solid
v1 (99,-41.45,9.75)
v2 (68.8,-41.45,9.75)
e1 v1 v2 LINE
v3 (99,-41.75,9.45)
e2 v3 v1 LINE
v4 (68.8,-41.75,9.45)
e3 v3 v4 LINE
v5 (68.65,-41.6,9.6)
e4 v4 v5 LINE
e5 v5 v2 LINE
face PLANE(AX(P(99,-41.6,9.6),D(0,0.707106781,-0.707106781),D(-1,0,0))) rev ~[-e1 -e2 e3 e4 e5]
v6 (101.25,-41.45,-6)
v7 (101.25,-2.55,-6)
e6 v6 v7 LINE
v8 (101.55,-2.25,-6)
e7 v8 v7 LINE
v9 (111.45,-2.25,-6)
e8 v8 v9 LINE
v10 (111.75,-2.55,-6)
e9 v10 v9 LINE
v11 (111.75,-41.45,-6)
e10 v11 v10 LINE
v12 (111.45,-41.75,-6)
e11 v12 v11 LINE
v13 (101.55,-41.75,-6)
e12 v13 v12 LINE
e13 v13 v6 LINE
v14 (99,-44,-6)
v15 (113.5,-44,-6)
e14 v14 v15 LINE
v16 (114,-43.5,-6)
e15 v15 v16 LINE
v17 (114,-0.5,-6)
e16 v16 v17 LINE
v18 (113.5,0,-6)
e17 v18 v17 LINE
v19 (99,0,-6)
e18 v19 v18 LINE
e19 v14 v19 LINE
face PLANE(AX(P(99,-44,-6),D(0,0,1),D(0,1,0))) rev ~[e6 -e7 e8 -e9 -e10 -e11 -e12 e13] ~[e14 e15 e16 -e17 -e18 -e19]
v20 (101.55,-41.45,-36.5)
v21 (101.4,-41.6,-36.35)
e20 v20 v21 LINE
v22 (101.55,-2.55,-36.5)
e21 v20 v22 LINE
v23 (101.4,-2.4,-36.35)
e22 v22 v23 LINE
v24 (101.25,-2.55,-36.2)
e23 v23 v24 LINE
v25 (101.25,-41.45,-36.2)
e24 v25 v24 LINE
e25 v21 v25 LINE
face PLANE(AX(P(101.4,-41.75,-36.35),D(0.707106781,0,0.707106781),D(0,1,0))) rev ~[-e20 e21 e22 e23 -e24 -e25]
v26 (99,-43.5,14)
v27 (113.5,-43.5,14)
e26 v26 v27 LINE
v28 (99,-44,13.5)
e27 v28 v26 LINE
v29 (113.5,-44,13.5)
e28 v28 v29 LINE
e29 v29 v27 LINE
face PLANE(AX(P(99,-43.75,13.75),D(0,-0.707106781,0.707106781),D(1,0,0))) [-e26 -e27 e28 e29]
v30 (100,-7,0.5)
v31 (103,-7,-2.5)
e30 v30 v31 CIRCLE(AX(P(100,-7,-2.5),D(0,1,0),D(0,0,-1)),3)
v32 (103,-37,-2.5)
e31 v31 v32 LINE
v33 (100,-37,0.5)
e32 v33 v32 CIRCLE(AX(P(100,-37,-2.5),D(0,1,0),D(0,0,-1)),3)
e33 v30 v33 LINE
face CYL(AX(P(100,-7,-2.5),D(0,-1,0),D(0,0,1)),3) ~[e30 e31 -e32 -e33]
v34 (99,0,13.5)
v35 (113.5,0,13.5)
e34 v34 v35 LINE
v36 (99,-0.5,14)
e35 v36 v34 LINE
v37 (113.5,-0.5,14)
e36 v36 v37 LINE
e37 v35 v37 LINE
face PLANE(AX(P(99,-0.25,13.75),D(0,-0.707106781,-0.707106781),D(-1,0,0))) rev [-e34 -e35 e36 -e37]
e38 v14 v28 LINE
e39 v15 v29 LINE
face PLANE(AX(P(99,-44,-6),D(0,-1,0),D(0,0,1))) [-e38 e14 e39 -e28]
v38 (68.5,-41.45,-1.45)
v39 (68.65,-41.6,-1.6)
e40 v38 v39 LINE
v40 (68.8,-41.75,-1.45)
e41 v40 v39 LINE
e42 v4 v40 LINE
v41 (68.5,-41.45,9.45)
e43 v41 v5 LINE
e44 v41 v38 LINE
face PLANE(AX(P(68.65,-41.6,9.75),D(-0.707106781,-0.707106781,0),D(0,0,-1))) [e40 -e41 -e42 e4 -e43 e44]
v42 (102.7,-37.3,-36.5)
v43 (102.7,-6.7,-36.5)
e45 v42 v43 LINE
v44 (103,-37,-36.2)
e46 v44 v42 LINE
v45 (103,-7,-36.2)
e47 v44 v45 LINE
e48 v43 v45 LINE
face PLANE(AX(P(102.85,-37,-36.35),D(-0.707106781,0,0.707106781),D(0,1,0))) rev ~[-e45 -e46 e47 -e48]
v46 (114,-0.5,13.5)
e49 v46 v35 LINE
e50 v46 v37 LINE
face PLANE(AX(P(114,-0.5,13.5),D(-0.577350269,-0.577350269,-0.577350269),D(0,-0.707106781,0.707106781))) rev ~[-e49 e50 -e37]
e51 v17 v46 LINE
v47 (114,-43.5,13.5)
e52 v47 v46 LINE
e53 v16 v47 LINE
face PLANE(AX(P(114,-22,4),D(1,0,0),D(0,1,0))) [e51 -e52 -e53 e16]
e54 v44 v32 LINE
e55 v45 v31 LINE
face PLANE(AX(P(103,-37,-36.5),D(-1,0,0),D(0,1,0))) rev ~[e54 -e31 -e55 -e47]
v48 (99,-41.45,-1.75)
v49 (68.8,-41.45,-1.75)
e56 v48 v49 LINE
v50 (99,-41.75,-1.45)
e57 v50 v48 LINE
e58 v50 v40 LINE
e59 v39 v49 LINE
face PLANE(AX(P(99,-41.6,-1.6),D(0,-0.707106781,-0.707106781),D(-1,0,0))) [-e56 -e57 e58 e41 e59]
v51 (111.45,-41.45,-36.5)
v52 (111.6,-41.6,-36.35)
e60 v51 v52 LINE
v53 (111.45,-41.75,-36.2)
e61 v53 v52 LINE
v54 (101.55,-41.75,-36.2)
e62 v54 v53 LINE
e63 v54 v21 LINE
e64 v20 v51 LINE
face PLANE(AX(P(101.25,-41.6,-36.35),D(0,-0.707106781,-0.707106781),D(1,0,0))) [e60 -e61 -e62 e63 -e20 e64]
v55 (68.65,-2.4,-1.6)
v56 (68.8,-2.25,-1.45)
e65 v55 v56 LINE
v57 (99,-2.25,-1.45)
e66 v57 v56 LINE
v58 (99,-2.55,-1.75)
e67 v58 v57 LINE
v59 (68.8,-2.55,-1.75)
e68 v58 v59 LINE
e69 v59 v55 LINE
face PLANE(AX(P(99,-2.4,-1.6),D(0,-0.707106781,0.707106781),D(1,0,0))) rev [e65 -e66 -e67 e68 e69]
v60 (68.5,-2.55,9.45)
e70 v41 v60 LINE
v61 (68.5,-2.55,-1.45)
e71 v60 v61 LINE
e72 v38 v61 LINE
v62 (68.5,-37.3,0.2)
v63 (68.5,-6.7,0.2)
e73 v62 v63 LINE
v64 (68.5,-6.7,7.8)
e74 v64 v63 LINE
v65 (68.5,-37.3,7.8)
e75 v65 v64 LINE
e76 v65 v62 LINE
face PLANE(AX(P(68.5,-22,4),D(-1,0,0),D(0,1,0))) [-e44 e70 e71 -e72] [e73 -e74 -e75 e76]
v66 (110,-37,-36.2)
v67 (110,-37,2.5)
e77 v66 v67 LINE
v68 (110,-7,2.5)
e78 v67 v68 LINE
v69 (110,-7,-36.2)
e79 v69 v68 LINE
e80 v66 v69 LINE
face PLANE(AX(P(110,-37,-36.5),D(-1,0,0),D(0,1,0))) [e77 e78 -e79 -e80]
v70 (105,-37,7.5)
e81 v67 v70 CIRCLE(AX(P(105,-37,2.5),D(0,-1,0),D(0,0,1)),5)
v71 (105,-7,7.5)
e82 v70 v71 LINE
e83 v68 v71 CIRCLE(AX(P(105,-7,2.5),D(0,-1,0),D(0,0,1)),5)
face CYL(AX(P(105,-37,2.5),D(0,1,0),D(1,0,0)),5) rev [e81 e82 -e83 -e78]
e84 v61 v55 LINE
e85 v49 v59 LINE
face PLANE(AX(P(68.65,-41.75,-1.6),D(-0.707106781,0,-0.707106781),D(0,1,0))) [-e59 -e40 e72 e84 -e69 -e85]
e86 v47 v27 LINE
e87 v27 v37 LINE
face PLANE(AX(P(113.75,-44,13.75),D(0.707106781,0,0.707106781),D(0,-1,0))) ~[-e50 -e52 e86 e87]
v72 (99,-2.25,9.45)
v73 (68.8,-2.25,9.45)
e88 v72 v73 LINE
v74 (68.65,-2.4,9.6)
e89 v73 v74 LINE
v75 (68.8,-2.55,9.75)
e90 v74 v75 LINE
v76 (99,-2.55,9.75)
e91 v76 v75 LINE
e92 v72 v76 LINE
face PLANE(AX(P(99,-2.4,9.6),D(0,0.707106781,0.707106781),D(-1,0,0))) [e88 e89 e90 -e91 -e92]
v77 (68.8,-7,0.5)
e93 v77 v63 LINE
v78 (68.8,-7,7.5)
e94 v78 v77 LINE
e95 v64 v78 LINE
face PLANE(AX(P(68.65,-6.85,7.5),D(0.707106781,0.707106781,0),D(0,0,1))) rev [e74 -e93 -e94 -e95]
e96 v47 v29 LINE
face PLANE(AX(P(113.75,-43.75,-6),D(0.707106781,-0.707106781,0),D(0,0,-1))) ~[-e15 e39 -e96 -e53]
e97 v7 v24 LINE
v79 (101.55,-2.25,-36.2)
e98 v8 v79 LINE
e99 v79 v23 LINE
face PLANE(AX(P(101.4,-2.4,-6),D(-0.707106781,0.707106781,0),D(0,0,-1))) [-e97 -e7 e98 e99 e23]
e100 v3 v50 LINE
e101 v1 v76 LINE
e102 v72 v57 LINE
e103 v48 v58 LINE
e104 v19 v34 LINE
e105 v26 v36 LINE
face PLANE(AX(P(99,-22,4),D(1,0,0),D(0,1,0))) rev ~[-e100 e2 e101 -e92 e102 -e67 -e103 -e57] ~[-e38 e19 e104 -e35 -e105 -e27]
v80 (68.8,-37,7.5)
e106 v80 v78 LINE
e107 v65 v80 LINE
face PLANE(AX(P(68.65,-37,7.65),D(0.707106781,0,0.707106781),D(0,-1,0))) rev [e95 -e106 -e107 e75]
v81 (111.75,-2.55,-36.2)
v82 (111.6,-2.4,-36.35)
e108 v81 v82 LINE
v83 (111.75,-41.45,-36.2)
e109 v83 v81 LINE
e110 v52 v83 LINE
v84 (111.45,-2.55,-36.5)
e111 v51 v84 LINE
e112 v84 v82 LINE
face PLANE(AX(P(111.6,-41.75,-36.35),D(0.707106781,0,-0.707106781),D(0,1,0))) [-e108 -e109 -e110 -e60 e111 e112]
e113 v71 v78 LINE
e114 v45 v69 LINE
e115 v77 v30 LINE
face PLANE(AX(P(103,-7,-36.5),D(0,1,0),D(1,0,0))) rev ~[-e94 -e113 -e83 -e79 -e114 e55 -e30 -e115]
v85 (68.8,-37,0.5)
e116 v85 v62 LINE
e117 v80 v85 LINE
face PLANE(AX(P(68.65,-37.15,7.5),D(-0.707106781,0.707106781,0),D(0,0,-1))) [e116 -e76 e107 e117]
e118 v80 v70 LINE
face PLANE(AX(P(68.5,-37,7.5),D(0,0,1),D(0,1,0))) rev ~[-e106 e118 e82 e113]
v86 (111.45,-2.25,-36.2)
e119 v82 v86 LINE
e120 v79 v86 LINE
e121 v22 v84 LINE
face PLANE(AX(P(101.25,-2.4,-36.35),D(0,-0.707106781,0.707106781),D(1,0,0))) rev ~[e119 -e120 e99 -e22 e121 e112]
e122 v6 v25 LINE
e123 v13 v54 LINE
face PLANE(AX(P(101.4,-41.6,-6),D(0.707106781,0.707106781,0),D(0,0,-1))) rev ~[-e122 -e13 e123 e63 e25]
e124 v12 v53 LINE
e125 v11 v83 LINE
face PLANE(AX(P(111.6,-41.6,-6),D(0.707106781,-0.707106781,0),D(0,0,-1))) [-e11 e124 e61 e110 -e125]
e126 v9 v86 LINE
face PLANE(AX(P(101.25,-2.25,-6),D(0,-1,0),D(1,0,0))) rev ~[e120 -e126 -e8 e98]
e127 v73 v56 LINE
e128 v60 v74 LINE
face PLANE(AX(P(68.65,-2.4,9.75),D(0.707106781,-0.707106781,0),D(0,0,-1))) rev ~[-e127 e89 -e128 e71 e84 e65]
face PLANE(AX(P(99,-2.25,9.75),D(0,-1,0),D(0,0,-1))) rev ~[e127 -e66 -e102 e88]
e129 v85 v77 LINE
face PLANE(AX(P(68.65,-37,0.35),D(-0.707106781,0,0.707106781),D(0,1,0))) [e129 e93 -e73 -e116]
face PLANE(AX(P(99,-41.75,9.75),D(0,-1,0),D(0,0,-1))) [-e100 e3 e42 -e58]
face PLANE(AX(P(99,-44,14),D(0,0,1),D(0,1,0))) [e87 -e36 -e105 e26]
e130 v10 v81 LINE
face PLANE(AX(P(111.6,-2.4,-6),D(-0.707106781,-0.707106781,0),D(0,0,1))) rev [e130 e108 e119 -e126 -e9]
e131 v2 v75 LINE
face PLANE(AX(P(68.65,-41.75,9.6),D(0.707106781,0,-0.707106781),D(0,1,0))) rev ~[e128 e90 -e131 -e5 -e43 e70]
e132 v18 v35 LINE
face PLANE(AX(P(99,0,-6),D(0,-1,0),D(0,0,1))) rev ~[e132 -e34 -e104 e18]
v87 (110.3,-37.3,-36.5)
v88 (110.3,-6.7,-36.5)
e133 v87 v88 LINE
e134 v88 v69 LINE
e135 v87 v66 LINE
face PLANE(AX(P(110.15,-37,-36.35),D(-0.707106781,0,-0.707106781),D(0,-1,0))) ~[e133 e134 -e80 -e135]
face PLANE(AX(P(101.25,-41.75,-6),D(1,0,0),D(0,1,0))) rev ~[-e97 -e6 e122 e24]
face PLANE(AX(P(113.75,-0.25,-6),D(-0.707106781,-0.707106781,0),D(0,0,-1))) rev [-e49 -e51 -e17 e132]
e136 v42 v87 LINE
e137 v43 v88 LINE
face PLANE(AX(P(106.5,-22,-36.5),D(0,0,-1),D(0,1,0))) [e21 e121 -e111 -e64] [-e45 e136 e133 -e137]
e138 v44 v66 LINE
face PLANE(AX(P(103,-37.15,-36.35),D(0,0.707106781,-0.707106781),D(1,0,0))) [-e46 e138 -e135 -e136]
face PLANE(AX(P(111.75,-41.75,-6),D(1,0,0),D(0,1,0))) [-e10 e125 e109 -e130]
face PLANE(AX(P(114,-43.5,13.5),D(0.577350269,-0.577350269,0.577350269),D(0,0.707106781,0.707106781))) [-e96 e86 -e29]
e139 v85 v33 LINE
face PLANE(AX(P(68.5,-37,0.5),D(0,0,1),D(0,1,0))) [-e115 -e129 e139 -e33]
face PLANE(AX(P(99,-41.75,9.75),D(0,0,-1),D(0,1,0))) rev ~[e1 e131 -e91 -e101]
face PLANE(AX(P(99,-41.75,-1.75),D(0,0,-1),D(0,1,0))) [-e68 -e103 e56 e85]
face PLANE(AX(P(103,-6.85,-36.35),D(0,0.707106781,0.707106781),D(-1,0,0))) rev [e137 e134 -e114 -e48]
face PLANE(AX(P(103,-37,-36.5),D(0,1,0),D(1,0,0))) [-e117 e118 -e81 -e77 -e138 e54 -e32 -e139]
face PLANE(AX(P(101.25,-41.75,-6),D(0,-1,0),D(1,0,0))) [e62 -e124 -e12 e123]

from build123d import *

# Parameters (mm, degrees)
SKETCH014_W     = 44
SKETCH014_H     = 20
PAD004_DEPTH    = 15
SKETCH015_W     = 39.5
SKETCH015_H     = 11.5
PAD005_DEPTH    = 30.5
SKETCH016_W     = 30
SKETCH016_H     = 7
POCKET005_DEPTH = 41.5
SKETCH017_W     = 39.5
SKETCH017_H     = 10.5
PAD006_DEPTH    = 30.5
SKETCH018_W     = 30
SKETCH018_H     = 7
POCKET006_DEPTH = 44
FILLET006_R     = 5
FILLET007_R     = 3
CHAMFER032_SIZE = 0.3
CHAMFER033_SIZE = 0.5
CHAMFER034_SIZE = 0.3


with BuildPart() as part:
    # Sketch014 → Pad004 (new body)
    with BuildSketch(Plane.YZ):
        Rectangle(SKETCH014_W, SKETCH014_H)
    extrude(amount=PAD004_DEPTH)

    # Sketch015 (on DatumPlane) → Pad005 (join)
    with BuildSketch(Plane(origin=(0, 0, 0), x_dir=(0, 1, 0), z_dir=(-1, 0, 0))):
        Rectangle(SKETCH015_W, SKETCH015_H)
    extrude(amount=PAD005_DEPTH)

    # Sketch016 (on Face11 of Pad005) → Pocket005 (cut)
    with BuildSketch(Plane(origin=(-30.5, 0, 0), x_dir=(0, 1, 0), z_dir=(-1, 0, 0))):
        Rectangle(SKETCH016_W, SKETCH016_H)
    extrude(amount=-POCKET005_DEPTH, mode=Mode.SUBTRACT)

    # Sketch017 (on DatumPlane) → Pad006 (join)
    with BuildSketch(Plane.YX.offset(10)):
        with Locations((0, 7.5)):
            Rectangle(SKETCH017_W, SKETCH017_H)
    extrude(amount=PAD006_DEPTH)

    # Sketch018 (on Face16 of Pad006) → Pocket006 (cut)
    with BuildSketch(Plane.YX.offset(40.5)):
        with Locations((0, 7.5)):
            Rectangle(SKETCH018_W, SKETCH018_H)
    extrude(amount=-POCKET006_DEPTH, mode=Mode.SUBTRACT)

    # Fillet006
    fillet006_edges = [part.edges().sort_by_distance(p)[0] for p in [
        (11, 0, 3.5),
    ]]
    fillet(fillet006_edges, radius=FILLET006_R)

    # Fillet007
    fillet007_edges = [part.edges().sort_by_distance(p)[0] for p in [
        (4, 0, -3.5),
    ]]
    fillet(fillet007_edges, radius=FILLET007_R)

    # Chamfer032
    chamfer032_edges = [part.edges().sort_by_distance(p)[0] for p in [
        (-30.5, 0, -5.75),
        (-30.5, -19.75, 0),
        (-30.5, 19.75, 0),
        (-30.5, 0, 5.75),
        (-30.5, 0, -3.5),
        (-30.5, 15, 0),
        (-30.5, 0, 3.5),
        (-30.5, -15, 0),
        (12.75, 0, -40.5),
        (7.5, -19.75, -40.5),
        (7.5, 19.75, -40.5),
        (2.25, 0, -40.5),
        (11, 0, -40.5),
        (7.5, 15, -40.5),
        (4, 0, -40.5),
        (7.5, -15, -40.5),
    ]]
    chamfer(chamfer032_edges, length=CHAMFER032_SIZE)

    # Chamfer033
    chamfer033_edges = [part.edges().sort_by_distance(p)[0] for p in [
        (7.5, -22, 10),
        (15, -22, 0),
        (7.5, 22, 10),
        (15, 22, 0),
        (15, 0, 10),
    ]]
    chamfer(chamfer033_edges, length=CHAMFER033_SIZE)

    # Chamfer034
    chamfer034_edges = [part.edges().sort_by_distance(p)[0] for p in [
        (-15.1, -19.75, 5.75),
        (-15.1, -19.75, -5.75),
        (-15.1, 19.75, 5.75),
        (-15.1, 19.75, -5.75),
        (2.25, 19.75, -25.1),
        (2.25, -19.75, -25.1),
        (12.75, 19.75, -25.1),
        (12.75, -19.75, -25.1),
    ]]
    chamfer(chamfer034_edges, length=CHAMFER034_SIZE)


with BuildPart() as part_1:
    # Body002 placement: moved
    add(part.part.moved(Location((99, -22, 4))))


solid = part_1.part
